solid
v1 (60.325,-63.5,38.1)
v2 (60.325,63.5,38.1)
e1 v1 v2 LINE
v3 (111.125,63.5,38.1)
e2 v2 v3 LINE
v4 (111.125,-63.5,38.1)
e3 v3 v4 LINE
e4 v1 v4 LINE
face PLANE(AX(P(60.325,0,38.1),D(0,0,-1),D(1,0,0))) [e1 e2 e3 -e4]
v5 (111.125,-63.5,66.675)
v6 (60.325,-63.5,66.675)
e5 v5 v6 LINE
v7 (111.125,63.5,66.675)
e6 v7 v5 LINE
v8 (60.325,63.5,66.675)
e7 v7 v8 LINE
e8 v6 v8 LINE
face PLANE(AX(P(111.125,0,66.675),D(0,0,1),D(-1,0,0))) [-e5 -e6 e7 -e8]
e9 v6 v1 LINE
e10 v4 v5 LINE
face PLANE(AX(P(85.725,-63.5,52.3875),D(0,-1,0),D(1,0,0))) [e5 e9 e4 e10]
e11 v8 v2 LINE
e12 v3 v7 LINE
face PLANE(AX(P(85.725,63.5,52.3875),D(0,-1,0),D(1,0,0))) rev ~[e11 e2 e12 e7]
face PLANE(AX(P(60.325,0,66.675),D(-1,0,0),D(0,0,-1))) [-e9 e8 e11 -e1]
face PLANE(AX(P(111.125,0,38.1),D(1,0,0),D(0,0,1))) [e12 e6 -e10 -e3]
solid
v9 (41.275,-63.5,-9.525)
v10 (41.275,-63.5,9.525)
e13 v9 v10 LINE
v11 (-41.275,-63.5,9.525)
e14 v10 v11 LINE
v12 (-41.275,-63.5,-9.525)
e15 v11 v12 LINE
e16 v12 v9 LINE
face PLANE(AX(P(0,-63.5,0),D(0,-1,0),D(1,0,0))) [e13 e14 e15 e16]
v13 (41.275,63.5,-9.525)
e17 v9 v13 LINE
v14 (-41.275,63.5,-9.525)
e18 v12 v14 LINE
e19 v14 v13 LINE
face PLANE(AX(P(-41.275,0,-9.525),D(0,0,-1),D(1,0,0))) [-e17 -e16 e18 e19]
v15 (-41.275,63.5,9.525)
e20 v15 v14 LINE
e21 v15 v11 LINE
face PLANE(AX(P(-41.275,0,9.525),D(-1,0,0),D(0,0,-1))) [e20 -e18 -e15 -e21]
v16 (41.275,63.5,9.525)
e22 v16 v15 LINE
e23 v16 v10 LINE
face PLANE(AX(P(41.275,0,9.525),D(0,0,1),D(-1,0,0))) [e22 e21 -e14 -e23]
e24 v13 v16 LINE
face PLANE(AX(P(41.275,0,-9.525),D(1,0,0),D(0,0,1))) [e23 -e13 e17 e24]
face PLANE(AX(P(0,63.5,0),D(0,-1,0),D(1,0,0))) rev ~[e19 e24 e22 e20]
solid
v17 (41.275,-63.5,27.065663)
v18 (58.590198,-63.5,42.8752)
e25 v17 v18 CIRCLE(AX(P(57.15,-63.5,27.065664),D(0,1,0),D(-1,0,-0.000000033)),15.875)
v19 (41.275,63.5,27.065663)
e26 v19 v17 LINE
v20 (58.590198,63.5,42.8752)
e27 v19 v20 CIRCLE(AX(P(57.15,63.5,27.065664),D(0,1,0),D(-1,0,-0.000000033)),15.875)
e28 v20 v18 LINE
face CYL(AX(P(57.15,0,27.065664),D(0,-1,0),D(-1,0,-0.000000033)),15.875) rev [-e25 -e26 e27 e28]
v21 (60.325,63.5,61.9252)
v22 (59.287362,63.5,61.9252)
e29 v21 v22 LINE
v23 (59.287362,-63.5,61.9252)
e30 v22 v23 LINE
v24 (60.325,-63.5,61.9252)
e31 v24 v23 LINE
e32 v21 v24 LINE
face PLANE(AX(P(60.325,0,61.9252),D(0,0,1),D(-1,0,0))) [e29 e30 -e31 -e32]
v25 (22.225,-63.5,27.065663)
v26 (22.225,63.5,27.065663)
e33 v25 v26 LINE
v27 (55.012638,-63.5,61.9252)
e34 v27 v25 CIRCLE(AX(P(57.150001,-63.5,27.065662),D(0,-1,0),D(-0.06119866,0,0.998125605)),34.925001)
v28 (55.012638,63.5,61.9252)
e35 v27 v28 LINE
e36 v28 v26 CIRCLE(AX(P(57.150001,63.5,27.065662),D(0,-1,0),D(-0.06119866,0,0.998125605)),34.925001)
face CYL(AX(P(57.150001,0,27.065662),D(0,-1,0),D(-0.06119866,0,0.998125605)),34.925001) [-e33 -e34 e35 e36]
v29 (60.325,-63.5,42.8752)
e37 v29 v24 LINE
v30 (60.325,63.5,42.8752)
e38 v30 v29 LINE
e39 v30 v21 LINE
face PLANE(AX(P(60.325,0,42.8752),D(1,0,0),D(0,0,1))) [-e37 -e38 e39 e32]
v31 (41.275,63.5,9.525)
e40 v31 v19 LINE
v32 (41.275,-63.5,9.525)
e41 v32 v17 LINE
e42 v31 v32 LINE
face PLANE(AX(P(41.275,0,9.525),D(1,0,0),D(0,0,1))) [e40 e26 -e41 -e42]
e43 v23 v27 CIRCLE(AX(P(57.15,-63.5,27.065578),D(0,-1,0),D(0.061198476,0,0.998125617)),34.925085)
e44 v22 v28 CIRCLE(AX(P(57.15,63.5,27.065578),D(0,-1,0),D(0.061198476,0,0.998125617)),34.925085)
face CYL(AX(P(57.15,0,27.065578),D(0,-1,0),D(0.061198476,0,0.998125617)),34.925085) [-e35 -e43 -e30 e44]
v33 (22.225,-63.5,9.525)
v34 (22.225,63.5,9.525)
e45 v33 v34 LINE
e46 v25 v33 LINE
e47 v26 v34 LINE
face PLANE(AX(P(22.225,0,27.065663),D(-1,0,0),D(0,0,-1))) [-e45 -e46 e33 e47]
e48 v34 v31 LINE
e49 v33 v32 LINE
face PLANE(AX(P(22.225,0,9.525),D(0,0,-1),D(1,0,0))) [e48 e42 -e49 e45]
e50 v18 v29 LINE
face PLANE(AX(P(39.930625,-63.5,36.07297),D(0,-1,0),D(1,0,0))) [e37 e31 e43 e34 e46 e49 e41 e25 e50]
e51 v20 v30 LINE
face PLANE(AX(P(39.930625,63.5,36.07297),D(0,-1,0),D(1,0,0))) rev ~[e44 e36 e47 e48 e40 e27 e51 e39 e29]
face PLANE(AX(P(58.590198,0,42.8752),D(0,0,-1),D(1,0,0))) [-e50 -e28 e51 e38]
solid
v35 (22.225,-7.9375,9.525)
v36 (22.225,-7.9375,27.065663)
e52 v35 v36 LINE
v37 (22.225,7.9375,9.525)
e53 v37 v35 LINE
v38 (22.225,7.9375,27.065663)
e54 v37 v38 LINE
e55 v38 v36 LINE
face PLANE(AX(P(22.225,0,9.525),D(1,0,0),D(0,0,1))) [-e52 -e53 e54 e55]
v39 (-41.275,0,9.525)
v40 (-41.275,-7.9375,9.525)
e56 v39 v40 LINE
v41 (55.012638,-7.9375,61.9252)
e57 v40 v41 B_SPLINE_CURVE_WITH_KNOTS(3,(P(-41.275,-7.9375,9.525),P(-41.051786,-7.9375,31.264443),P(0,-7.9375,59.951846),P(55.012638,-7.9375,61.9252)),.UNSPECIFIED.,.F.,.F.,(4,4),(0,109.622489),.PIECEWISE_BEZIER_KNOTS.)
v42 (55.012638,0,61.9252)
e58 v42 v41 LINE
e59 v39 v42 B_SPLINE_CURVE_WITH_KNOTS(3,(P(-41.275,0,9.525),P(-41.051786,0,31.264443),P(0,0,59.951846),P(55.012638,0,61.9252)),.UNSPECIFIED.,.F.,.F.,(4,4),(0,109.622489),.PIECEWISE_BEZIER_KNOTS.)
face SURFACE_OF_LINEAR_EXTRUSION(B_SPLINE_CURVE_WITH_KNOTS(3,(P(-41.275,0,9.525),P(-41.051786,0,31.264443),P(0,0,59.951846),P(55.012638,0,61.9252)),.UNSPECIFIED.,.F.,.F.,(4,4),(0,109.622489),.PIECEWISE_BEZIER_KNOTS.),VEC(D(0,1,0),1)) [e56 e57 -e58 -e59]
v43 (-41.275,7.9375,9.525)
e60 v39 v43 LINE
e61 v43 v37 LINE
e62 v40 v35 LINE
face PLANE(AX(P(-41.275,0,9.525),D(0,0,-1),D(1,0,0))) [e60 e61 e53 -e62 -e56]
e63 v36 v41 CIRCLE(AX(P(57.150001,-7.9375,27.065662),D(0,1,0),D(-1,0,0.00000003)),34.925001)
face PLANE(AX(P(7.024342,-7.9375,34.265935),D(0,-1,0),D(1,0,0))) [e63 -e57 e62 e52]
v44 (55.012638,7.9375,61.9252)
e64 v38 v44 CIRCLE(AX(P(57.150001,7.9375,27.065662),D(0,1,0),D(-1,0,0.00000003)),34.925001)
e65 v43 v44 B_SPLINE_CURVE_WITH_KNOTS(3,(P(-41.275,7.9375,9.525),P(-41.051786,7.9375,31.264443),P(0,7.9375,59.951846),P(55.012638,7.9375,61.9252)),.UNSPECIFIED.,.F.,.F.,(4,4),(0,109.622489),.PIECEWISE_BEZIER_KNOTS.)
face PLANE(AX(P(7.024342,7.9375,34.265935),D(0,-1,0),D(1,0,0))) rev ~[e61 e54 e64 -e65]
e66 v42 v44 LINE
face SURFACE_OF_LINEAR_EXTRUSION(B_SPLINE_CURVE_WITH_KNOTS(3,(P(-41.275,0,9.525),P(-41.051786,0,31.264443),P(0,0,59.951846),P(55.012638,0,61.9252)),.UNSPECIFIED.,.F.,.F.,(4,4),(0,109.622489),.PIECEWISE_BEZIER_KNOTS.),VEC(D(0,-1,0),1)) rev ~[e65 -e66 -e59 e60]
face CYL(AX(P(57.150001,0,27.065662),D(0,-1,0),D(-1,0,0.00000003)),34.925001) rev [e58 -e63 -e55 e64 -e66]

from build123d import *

# Parameters (mm, degrees)
F1_DEPTH = 63.5
F2_DEPTH = 63.5
F3_DEPTH = 63.5
F4_DEPTH = 7.9375


with BuildPart() as f1:
    # F0 (on Front) → F1 (new body, symmetric)
    with BuildSketch(Plane.XZ):
        Polygon((41.275, -9.525), (41.275, 9.525), (22.225, 9.525), (-41.275, 9.525), (-41.275, -9.525), align=None)
    extrude(amount=F1_DEPTH, both=True)


with BuildPart() as f2:
    # F0 (on Front) → F2 (new body, symmetric)
    with BuildSketch(Plane.XZ):
        Polygon((60.325, 61.9252), (60.325, 42.8752), (60.325, 38.1), (111.125, 38.1), (111.125, 66.675), (60.325, 66.675), align=None)
    extrude(amount=F2_DEPTH, both=True)


with BuildPart() as f3:
    # F0 (on Front) → F3 (new body, symmetric)
    with BuildSketch(Plane.XZ):
        with BuildLine():
            Line((22.225, 9.525), (41.275, 9.525))
            Line((41.275, 9.525), (41.275, 27.065663))
            ThreePointArc((41.275, 27.065663), (46.445971, 38.789118), (58.590198, 42.8752))
            Line((58.590198, 42.8752), (60.325, 42.8752))
            Line((60.325, 42.8752), (60.325, 61.9252))
            Line((60.325, 61.9252), (59.287362, 61.9252))
            ThreePointArc((59.287362, 61.9252), (57.15, 61.990663), (55.012638, 61.9252))
            ThreePointArc((55.012638, 61.9252), (31.709845, 50.993766), (22.225, 27.065663))
            Line((22.225, 27.065663), (22.225, 9.525))
        make_face()
    extrude(amount=F3_DEPTH, both=True)


with BuildPart() as f4:
    # F0 (on Front) → F4 (new body, symmetric)
    with BuildSketch(Plane.XZ):
        with BuildLine():
            Line((-41.275, 9.525), (22.225, 9.525))
            Line((22.225, 9.525), (22.225, 27.065663))
            ThreePointArc((22.225, 27.065663), (31.709845, 50.993766), (55.012638, 61.9252))
            add(Edge.make_bspline(
                [(-41.275, 9.525), (-41.051786, 31.264443), (0, 59.951846), (55.012638, 61.9252)],
                knots=[0, 0, 0, 0, 109.622489, 109.622489, 109.622489, 109.622489], degree=3))
        make_face()
    extrude(amount=F4_DEPTH, both=True)


solid = Compound([f1.part, f2.part, f3.part, f4.part])
